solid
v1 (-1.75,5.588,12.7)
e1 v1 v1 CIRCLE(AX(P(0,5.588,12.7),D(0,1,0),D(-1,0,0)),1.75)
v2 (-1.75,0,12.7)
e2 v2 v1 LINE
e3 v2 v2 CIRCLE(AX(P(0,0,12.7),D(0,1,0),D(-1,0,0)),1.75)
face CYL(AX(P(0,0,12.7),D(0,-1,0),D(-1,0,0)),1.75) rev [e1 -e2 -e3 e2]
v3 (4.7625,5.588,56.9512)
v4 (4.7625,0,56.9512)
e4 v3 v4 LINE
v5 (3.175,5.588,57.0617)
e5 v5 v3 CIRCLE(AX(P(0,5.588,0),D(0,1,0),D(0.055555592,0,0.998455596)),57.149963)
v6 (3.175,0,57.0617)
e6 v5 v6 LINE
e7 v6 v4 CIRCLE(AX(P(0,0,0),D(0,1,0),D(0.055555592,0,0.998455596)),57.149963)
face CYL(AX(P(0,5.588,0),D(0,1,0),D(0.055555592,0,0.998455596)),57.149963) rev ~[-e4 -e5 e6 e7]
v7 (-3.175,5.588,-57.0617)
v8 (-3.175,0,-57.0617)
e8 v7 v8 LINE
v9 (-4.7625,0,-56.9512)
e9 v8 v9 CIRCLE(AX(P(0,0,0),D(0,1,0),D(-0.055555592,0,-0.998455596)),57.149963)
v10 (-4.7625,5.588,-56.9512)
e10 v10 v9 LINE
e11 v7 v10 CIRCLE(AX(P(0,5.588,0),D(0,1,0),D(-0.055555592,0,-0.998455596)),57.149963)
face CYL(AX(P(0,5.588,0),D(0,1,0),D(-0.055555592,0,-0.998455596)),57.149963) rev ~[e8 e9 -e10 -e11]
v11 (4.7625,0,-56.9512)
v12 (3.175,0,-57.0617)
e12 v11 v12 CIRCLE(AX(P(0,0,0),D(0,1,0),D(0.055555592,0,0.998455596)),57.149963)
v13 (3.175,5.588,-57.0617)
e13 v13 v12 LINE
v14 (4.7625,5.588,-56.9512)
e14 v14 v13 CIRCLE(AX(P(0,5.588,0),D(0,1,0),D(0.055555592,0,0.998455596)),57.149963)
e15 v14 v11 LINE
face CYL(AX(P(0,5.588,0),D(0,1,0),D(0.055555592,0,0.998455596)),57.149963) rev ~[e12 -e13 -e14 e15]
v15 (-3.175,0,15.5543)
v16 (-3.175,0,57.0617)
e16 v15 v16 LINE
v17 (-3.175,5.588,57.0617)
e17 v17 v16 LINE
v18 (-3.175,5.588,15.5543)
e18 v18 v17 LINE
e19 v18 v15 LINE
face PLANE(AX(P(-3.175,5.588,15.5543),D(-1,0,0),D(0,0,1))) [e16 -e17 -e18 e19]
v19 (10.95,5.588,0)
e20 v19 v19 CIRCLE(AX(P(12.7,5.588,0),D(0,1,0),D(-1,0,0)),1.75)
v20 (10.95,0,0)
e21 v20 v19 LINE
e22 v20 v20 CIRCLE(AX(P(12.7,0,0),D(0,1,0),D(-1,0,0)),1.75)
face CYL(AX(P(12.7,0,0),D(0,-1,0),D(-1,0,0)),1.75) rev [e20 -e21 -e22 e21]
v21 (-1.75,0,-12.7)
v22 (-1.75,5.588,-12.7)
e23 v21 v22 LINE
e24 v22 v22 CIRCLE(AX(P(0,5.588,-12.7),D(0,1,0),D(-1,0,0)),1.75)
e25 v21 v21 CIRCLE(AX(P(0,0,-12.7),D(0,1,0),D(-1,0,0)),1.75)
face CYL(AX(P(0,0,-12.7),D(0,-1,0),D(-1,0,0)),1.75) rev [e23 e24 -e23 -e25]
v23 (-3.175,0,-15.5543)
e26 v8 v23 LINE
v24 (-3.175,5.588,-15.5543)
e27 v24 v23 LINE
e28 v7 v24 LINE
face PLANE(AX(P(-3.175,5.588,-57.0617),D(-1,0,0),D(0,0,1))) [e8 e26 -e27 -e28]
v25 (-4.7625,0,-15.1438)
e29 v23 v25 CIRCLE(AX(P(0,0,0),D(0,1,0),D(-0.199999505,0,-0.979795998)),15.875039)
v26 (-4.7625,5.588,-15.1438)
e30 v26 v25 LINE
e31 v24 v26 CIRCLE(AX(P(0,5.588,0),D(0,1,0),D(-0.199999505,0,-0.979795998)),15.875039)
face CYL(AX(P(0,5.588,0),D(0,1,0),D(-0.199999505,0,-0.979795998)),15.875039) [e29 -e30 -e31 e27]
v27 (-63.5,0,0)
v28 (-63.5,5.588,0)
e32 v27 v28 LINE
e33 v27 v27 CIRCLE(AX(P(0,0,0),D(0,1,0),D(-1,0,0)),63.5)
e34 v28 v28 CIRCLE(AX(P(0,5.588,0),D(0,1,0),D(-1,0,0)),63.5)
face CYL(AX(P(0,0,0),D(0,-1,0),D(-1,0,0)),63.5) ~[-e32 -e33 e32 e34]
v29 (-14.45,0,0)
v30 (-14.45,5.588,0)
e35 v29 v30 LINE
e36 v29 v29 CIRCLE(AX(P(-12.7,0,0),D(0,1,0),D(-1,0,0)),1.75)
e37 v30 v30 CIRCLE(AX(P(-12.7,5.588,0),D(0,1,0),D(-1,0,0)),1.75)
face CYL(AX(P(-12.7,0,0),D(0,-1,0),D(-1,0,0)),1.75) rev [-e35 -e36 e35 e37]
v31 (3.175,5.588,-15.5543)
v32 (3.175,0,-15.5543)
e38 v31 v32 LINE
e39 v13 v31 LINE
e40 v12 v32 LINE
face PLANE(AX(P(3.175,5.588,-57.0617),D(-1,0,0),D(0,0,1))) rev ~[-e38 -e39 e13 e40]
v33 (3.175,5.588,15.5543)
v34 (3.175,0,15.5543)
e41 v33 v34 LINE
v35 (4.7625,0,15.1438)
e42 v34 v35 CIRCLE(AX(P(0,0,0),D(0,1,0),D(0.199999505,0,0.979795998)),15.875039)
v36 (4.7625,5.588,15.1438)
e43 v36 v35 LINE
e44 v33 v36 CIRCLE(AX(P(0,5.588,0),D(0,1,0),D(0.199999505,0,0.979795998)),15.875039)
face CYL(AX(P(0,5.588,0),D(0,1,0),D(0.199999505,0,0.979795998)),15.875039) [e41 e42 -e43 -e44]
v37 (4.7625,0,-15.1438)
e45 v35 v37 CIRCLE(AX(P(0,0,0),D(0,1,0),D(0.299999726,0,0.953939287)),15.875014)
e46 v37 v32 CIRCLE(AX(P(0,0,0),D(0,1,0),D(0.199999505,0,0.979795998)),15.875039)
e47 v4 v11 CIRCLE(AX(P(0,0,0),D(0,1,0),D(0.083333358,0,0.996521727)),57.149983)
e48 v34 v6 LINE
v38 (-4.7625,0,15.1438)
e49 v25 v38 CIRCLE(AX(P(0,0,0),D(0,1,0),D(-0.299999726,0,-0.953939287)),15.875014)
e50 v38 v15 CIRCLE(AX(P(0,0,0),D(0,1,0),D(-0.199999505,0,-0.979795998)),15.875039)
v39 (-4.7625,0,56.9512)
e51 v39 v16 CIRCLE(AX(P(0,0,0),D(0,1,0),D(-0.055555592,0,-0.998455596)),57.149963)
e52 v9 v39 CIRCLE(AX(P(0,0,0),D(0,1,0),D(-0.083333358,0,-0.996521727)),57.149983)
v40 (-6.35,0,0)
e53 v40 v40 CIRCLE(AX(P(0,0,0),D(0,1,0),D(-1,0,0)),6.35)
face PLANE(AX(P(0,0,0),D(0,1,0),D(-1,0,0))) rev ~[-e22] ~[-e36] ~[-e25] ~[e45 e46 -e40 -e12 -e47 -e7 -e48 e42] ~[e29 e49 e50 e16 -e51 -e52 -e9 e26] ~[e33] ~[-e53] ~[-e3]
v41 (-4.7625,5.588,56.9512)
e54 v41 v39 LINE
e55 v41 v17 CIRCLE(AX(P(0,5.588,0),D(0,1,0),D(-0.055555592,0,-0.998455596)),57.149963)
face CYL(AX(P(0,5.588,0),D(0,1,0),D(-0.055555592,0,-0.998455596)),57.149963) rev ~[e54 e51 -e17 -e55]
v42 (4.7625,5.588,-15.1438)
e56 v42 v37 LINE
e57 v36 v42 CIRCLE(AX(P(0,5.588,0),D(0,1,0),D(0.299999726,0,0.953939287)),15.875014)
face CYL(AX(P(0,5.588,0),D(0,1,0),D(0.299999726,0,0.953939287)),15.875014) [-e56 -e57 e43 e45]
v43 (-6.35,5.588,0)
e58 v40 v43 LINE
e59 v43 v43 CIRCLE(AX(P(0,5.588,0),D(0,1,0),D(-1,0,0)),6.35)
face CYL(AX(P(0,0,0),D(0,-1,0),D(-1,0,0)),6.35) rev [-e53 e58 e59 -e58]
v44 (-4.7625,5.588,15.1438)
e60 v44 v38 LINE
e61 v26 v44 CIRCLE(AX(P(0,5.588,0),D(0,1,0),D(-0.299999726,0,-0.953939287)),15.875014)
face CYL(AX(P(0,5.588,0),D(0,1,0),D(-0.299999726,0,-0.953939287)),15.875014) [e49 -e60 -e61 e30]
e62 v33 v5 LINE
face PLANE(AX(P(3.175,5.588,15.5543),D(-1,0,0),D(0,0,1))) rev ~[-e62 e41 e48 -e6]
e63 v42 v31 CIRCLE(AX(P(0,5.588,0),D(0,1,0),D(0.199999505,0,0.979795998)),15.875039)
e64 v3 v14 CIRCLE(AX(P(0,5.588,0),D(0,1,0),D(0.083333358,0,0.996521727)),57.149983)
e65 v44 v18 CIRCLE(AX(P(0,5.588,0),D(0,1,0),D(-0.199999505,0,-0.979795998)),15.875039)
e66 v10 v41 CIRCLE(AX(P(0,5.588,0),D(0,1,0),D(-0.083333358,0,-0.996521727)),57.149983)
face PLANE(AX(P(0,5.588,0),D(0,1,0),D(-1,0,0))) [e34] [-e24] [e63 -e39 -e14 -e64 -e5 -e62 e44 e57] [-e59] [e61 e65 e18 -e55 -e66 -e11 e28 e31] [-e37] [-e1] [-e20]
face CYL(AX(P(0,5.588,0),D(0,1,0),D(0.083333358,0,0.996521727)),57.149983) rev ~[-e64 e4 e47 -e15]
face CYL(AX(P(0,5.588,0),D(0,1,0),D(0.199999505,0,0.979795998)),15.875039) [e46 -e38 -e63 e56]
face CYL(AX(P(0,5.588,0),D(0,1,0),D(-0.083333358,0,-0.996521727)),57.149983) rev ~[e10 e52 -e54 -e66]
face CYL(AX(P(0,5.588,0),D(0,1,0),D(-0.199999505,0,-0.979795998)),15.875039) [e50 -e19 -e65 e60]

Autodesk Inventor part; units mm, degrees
ref_plane "YZ Plane" through (0, 0, 0) normal (1, 0, 0) x (0, 1, 0)
ref_plane "XZ Plane" through (0, 0, 0) normal (0, 1, 0) x (-1, 0, 0)
ref_plane "XY Plane" through (0, 0, 0) normal (0, 0, 1) x (1, 0, 0)
sketch "Sketch1" plane through (0, 0, 0) normal (0, 1, 0) x (-1, 0, 0)
  circle A0 centre (0, 0) radius 63.5
  circle A1 centre (0, 0) radius 6.35
  circle A2 centre (-12.7, 0) radius 1.75
  circle A3 centre (0, -12.7) radius 1.75
  circle A4 centre (12.7, 0) radius 1.75
  circle A5 centre (0, 12.7) radius 1.75
  dimension "d8" = 3.5
  dimension "d9" = 3.5
  dimension "d10" = 3.5
  dimension "d11" = 3.5
extrude "Extrusion1" add sketch "Sketch1" along normal blind 5.588
sketch "Sketch2" plane through (0, 5.588, 0) normal (0, 1, 0) x (1, 0, 0)
  arc A0 (-4.7625, 15.1438) -> (-4.7625, -15.1438) centre (0, 0) ccw
  arc A1 (4.7625, -15.1438) -> (4.7625, 15.1438) centre (0, 0) ccw
  arc A2 (-4.7625, 56.9512) -> (-4.7625, -56.9512) centre (0, 0) ccw
  arc A3 (4.7625, -56.9512) -> (4.7625, 56.9512) centre (0, 0) ccw
  arc A4 (3.175, -57.0617) -> (3.175, 57.0617) centre (0, 0) ccw
  arc A5 (-3.175, 57.0617) -> (-3.175, -57.0617) centre (0, 0) ccw
  line L0 (-3.175, 57.0617) -> (-3.175, 15.5543)
  line L1 (-3.175, -15.5543) -> (-3.175, -57.0617)
  line L2 (3.175, 57.0617) -> (3.175, 15.5543)
  line L3 (3.175, -15.5543) -> (3.175, -57.0617)
  arc A6 (-3.175, 15.5543) -> (-3.175, -15.5543) centre (0, 0) ccw
  arc A7 (3.175, -15.5543) -> (3.175, 15.5543) centre (0, 0) ccw
extrude "Extrusion4" cut sketch "Sketch2" against normal blind 25.4
properties part number "AcrylicFlywheel4"
